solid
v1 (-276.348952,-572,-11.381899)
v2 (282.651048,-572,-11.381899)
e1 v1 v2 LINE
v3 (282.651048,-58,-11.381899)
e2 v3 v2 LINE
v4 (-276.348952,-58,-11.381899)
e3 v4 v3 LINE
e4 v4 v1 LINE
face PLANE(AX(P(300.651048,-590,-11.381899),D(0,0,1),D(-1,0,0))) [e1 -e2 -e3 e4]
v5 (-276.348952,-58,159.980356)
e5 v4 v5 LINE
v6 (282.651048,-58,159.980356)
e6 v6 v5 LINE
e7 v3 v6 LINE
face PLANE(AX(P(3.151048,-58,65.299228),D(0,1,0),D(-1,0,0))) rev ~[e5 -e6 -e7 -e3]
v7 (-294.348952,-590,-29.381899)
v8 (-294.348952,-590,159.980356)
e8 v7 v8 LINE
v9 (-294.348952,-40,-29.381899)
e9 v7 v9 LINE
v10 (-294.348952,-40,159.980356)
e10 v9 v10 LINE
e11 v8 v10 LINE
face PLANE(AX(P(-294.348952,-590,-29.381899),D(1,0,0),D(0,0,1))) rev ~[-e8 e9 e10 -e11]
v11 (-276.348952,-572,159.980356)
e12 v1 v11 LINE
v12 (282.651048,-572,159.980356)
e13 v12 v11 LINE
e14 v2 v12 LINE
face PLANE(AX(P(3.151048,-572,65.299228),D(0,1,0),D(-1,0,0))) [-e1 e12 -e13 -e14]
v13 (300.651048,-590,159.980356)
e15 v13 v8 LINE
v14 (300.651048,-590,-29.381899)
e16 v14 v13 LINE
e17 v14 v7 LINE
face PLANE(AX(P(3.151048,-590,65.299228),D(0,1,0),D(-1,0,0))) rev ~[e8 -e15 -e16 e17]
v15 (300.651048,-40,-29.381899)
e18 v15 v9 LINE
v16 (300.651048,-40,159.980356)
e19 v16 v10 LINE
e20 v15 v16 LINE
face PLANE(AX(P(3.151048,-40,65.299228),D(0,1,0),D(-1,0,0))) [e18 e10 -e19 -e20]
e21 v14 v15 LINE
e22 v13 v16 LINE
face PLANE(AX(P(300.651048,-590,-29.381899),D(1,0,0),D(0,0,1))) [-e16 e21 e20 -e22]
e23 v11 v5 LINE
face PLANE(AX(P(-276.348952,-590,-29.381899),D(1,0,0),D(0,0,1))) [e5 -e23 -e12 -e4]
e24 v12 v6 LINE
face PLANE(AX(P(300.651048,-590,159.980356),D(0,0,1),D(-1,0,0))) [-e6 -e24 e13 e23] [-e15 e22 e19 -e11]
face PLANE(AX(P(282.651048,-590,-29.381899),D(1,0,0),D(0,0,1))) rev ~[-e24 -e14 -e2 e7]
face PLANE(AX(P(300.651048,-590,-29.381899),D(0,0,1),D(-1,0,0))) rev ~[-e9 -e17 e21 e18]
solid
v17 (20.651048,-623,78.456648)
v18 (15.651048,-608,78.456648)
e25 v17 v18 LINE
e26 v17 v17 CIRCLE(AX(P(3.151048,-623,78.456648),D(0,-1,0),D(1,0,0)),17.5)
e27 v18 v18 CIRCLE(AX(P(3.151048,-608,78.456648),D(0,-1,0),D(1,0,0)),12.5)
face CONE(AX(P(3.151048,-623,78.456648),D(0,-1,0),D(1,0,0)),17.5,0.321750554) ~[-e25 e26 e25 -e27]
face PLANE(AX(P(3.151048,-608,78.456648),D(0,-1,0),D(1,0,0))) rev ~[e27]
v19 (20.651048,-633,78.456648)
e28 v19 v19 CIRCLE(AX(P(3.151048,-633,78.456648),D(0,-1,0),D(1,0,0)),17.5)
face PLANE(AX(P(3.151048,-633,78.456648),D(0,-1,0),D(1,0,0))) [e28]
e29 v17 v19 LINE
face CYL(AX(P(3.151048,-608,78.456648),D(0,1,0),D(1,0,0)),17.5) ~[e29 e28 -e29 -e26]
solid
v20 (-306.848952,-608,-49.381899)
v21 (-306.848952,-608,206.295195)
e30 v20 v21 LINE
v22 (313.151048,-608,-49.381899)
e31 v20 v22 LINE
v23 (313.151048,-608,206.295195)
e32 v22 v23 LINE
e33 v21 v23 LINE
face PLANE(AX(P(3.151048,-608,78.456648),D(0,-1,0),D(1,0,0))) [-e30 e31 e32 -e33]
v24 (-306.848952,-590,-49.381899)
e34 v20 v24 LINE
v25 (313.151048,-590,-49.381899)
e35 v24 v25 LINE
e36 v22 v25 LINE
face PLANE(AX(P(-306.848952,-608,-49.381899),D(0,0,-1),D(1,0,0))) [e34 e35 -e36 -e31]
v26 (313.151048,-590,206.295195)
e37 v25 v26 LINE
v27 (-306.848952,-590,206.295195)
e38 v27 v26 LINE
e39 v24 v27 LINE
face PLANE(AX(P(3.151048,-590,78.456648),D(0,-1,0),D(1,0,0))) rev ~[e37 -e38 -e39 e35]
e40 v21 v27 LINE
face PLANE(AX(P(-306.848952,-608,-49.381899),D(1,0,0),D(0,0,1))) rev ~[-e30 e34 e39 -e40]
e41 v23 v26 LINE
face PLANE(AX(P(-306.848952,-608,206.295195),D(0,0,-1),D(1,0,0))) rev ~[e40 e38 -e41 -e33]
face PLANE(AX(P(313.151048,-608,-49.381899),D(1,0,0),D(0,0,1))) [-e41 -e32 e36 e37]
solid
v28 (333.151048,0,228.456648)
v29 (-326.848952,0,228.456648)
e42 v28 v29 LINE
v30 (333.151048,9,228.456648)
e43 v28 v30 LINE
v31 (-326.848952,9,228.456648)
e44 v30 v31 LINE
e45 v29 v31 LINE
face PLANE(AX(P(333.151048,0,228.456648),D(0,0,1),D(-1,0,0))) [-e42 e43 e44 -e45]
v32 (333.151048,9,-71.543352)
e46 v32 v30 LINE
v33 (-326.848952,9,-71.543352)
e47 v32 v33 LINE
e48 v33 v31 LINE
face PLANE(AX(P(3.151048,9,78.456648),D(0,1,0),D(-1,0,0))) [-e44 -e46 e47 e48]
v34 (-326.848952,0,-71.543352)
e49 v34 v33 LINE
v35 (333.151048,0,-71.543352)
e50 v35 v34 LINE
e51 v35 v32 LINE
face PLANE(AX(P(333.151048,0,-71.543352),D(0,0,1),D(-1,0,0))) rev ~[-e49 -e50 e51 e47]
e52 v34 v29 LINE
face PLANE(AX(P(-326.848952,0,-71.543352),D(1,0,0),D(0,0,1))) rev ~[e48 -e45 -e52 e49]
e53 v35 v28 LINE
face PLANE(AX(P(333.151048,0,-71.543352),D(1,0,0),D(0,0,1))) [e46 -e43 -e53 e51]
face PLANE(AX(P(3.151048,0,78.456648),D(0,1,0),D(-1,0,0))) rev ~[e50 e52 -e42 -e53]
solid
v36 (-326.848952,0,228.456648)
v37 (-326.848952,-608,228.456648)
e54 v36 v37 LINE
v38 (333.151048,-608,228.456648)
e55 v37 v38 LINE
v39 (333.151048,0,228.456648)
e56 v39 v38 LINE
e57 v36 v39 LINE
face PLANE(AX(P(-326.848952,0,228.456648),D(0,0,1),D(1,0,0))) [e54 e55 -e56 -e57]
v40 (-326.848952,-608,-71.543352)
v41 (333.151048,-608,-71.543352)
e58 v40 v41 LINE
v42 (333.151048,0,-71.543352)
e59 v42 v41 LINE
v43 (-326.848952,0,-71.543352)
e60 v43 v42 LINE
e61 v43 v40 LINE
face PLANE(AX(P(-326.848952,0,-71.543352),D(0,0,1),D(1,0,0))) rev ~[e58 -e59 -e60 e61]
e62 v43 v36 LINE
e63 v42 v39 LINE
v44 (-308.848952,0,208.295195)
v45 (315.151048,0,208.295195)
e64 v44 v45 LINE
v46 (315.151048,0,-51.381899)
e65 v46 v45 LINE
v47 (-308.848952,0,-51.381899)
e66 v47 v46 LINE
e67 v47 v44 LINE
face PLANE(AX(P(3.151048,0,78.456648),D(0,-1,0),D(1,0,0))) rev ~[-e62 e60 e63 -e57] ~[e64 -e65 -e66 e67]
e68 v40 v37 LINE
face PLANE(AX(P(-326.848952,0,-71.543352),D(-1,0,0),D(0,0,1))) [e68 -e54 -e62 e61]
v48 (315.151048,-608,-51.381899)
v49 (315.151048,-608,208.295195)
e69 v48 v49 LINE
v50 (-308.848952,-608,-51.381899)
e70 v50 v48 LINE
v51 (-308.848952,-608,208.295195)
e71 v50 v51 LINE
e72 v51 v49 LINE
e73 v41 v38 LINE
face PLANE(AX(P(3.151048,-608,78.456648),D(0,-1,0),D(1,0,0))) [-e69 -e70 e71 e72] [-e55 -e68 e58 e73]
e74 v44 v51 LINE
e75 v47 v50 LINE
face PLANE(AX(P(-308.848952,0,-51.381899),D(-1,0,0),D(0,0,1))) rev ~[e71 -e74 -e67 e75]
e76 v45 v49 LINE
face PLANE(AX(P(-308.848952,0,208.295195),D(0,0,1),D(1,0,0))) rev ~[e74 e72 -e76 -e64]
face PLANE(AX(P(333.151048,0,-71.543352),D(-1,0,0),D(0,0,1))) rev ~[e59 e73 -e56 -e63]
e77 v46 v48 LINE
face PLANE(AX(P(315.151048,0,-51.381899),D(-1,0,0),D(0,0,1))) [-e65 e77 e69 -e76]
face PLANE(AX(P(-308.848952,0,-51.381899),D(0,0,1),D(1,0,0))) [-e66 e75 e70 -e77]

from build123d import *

# Parameters (mm, degrees)
F0_W      = 660
F0_H      = 300
F0_W_2    = 624
F0_H_2    = 259.677094
F1_DEPTH  = 608
F2_W      = 660
F2_H      = 300
F3_DEPTH  = 9
F4_W      = 620
F4_H      = 255.677094
F5_DEPTH  = 18
F6_W      = 595
F6_H      = 189.362255
F7_DEPTH  = 550
F8_T      = -18
F9_R      = 17.5
F10_DEPTH = 25
F11_SIZE2 = 5
F11_SIZE  = 15


with BuildPart() as f1:
    # F0 (on Front) → F1 (new body)
    with BuildSketch(Plane.XZ):
        with Locations((3.151048, 78.456648)):
            Rectangle(F0_W, F0_H)
        with Locations((3.151048, 78.456648)):
            Rectangle(F0_W_2, F0_H_2, mode=Mode.SUBTRACT)
    extrude(amount=F1_DEPTH)


with BuildPart() as f3:
    # F2 (on face) → F3 (new body)
    with BuildSketch(Plane(origin=(0, 0, 0), x_dir=(-1, 0, 0), z_dir=(0, 1, 0))):
        with Locations((-3.151048, 78.456648)):
            Rectangle(F2_W, F2_H)
    extrude(amount=F3_DEPTH)


with BuildPart() as f5:
    # F4 (on face) → F5 (new body)
    with BuildSketch(Plane.XZ.offset(608)):
        with Locations((3.151048, 78.456648)):
            Rectangle(F4_W, F4_H)
    extrude(amount=-F5_DEPTH)


with BuildPart() as f7:
    # F6 (on face) → F7 (new body)
    with BuildSketch(Plane(origin=(0, -590, 0), x_dir=(-1, 0, 0), z_dir=(0, 1, 0))):
        with Locations((-3.151048, 65.299228)):
            Rectangle(F6_W, F6_H)
    extrude(amount=F7_DEPTH)

    # F8
    f8_openings = [f7.faces().sort_by_distance(p)[0] for p in [
        (3.151048, -315, 159.980356),
    ]]
    offset(amount=F8_T, openings=f8_openings)


with BuildPart() as f10:
    # F9 (on face) → F10 (new body)
    with BuildSketch(Plane.XZ.offset(608)):
        with Locations((3.151048, 78.456648)):
            Circle(F9_R)
    extrude(amount=F10_DEPTH)

    # F11
    f11_edges = [f10.edges().sort_by_distance(p)[0] for p in [
        (-14.348952, -608, 78.456648),
    ]]
    chamfer(f11_edges, length=F11_SIZE, length2=F11_SIZE2)


solid = Compound([f1.part, f3.part, f5.part, f7.part, f10.part])
